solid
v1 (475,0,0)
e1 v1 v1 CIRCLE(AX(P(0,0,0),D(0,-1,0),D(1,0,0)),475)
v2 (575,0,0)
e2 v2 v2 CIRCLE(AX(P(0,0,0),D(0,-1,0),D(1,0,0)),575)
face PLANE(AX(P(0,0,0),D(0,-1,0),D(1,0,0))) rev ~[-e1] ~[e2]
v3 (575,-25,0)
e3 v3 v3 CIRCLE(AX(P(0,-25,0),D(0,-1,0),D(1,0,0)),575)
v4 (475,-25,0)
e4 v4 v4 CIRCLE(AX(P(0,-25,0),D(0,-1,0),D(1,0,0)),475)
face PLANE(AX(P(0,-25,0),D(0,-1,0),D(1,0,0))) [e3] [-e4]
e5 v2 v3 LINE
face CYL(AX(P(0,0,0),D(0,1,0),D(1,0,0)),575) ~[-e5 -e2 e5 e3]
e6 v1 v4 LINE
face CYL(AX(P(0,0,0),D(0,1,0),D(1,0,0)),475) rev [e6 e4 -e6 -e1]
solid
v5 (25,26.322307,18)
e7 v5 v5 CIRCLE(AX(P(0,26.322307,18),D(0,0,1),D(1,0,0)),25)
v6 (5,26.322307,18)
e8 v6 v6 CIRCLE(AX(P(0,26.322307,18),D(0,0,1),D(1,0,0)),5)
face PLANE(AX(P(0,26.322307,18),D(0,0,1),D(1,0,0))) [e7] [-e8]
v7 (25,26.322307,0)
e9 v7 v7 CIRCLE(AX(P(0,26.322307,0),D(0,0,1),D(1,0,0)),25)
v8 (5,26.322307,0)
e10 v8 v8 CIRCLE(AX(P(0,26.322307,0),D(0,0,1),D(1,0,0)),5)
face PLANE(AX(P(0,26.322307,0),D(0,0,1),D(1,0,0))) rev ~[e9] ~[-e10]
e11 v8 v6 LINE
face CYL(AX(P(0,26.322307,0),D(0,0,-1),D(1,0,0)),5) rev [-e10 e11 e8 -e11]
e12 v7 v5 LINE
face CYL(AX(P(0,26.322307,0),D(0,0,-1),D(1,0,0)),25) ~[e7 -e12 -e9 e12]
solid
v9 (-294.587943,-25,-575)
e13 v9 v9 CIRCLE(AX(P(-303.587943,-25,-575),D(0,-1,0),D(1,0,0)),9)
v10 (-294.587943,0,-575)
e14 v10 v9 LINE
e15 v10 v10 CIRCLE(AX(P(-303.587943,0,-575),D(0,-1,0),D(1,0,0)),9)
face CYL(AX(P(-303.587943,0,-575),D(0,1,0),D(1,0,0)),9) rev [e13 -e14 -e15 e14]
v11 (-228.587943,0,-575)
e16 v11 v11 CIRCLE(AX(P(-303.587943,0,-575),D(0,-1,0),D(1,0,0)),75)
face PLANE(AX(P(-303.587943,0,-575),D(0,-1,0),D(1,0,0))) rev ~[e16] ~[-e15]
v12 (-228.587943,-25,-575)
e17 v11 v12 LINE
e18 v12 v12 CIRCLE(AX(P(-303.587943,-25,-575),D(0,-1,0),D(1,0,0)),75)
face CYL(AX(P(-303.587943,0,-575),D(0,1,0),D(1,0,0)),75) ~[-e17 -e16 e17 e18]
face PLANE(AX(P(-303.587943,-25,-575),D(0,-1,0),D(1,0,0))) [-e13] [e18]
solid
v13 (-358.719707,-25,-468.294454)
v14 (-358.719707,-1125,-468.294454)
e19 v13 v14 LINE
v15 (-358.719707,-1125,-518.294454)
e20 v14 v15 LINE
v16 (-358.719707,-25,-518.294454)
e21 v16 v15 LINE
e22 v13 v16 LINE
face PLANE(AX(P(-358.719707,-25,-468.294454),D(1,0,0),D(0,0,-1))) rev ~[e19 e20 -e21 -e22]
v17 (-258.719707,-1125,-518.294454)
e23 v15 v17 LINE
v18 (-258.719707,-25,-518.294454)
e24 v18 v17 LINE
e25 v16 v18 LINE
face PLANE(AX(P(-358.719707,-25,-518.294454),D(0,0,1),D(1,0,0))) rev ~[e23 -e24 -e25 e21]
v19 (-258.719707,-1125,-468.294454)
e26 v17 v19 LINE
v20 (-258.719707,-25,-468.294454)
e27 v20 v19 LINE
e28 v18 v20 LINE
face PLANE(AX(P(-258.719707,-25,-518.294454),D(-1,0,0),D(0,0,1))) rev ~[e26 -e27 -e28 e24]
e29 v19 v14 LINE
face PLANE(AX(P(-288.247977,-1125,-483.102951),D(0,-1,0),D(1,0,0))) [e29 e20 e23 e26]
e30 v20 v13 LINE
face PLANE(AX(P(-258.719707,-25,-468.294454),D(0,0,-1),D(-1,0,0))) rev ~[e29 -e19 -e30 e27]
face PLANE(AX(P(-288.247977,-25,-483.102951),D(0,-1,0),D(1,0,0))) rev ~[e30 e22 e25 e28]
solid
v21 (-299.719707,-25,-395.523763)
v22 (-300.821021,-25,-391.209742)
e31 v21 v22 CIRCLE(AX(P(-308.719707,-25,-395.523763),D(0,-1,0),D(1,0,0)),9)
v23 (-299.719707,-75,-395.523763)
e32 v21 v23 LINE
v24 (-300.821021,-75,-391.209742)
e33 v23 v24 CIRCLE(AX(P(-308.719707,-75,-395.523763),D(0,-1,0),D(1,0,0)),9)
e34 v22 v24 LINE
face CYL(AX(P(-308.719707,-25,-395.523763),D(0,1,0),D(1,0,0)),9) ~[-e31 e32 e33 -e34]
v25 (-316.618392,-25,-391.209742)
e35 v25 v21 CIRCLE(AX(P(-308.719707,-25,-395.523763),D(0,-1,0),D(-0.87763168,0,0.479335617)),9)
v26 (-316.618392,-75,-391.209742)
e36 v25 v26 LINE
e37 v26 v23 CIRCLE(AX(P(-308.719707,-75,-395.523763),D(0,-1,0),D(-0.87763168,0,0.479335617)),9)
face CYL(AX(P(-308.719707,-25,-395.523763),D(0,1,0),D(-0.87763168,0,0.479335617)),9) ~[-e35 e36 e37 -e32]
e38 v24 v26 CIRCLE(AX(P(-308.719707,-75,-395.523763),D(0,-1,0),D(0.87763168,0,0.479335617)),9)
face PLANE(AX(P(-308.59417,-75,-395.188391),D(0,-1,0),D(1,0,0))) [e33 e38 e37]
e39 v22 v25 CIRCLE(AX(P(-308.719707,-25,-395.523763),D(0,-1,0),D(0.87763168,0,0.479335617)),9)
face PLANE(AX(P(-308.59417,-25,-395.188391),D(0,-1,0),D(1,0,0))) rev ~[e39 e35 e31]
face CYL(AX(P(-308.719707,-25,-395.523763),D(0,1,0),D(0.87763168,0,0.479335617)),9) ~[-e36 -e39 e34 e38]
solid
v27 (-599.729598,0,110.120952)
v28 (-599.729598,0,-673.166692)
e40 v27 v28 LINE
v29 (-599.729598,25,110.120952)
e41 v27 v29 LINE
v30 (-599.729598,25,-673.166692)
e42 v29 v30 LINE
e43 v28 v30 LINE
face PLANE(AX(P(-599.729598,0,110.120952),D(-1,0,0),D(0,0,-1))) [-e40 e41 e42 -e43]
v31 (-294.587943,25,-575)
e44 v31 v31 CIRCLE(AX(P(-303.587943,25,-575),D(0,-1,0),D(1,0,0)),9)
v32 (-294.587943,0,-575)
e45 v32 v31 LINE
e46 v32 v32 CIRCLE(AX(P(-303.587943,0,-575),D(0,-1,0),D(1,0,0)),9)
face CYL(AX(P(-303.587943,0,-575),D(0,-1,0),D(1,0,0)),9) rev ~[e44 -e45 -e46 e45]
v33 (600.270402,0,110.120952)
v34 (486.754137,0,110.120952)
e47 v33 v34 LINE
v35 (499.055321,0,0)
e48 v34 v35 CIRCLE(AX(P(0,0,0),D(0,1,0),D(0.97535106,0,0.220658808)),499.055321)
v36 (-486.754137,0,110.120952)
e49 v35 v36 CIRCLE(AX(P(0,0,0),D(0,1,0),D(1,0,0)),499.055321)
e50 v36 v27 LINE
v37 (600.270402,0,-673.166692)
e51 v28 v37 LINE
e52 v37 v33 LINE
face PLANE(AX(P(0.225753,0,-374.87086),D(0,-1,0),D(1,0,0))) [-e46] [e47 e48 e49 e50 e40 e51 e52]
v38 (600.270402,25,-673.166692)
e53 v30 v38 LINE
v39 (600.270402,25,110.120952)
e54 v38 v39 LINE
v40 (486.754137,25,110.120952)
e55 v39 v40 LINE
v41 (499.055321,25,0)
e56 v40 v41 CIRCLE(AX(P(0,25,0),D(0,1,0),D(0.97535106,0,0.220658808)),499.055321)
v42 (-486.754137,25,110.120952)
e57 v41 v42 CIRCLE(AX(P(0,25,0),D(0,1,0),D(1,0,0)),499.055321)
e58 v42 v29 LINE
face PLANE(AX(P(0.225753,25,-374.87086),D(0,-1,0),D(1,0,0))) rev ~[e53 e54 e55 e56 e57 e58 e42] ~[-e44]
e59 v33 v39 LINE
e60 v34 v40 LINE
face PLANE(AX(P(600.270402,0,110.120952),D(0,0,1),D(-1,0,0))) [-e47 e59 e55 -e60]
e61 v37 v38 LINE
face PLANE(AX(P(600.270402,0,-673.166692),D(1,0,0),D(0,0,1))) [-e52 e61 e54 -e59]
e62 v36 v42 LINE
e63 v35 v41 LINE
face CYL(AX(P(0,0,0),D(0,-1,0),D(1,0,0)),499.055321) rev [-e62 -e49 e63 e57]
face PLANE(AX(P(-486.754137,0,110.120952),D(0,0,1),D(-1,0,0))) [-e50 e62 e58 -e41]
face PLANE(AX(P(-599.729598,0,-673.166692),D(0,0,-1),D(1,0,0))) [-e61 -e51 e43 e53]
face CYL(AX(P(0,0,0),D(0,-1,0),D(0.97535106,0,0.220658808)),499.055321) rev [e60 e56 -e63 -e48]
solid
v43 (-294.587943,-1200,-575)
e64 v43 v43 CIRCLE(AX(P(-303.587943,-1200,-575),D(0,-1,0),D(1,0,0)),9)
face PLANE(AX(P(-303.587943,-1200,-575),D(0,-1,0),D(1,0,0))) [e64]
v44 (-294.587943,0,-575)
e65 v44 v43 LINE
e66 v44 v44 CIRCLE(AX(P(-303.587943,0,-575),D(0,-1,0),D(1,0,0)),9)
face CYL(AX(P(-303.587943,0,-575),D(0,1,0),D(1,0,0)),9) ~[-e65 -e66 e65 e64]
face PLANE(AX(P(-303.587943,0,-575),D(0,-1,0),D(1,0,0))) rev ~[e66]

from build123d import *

# Parameters (mm, degrees)
F0_R     = 575
F0_R_2   = 475
F1_DEPTH = 25
F0_R_3   = 75
F0_R_4   = 9
F2_DEPTH = 1200
F3_R     = 25
F3_R_2   = 5
F4_DEPTH = 18
F5_R     = 75
F5_R_2   = 9
F6_DEPTH = 25
F8_DEPTH = 50
F9_DEPTH = 1100


with BuildPart() as f1:
    # F0 (on Front) → F1 (new body)
    with BuildSketch(Plane.XZ):
        Circle(F0_R)
        Circle(F0_R_2, mode=Mode.SUBTRACT)
    extrude(amount=F1_DEPTH)


with BuildPart() as f1b:
    # F0 (on Front) → F1, piece 2 (new body)
    with BuildSketch(Plane.XZ):
        with Locations((-303.5879433155, -575)):
            Circle(F0_R_3)
        with Locations((-303.5879433155, -575)):
            Circle(F0_R_4, mode=Mode.SUBTRACT)
    extrude(amount=F1_DEPTH)


with BuildPart() as f2:
    # F0 (on Front) → F2 (new body)
    with BuildSketch(Plane.XZ):
        with Locations((-303.5879433155, -575)):
            Circle(F0_R_4)
    extrude(amount=F2_DEPTH)


with BuildPart() as f4:
    # F3 (on Top) → F4 (new body)
    with BuildSketch(Plane.XY):
        with Locations((0, 26.3223070651)):
            Circle(F3_R)
        with Locations((0, 26.3223070651)):
            Circle(F3_R_2, mode=Mode.SUBTRACT)
    extrude(amount=F4_DEPTH)


with BuildPart() as f6:
    # F5 (on Front) → F6 (new body)
    with BuildSketch(Plane.XZ):
        with BuildLine():
            ThreePointArc((564.3566034894, 110.1209521294), (572.3329655919, 55.3170543033), (575, 0))
            ThreePointArc((575, 0), (-55.3170543033, -572.3329655919), (-564.3566034894, 110.1209521294))
            Line((-564.3566034894, 110.1209521294), (-599.7295975685, 110.1209521294))
            Line((-599.7295975685, 110.1209521294), (-599.7295975685, -673.1666922569))
            Line((-599.7295975685, -673.1666922569), (600.2704024315, -673.1666922569))
            Line((600.2704024315, -673.1666922569), (600.2704024315, 110.1209521294))
            Line((600.2704024315, 110.1209521294), (564.3566034894, 110.1209521294))
        make_face()
        with Locations((-303.5879433155, -575)):
            Circle(F5_R, mode=Mode.SUBTRACT)
        with BuildLine():
            ThreePointArc((-564.3566034894, 110.1209521294), (-55.3170543033, -572.3329655919), (575, 0))
            ThreePointArc((575, 0), (572.3329655919, 55.3170543033), (564.3566034894, 110.1209521294))
            Line((564.3566034894, 110.1209521294), (486.7541368029, 110.1209521294))
            ThreePointArc((486.7541368029, 110.1209521294), (495.9704910403, 55.4029404449), (499.0553213749, 0))
            ThreePointArc((499.0553213749, 0), (-55.4029404449, -495.9704910403), (-486.7541368029, 110.1209521294))
            Line((-486.7541368029, 110.1209521294), (-564.3566034894, 110.1209521294))
        make_face()
        with Locations((-303.5879433155, -575)):
            Circle(F5_R)
        with Locations((-303.5879433155, -575)):
            Circle(F5_R_2, mode=Mode.SUBTRACT)
    extrude(amount=-F6_DEPTH)


with BuildPart() as f8:
    # F7 (on face) → F8 (new body)
    with BuildSketch(Plane.XZ.offset(25)):
        with BuildLine():
            ThreePointArc((-316.6183916588, -391.2097421513), (-310.9458954187, -404.2440885601), (-299.7197065353, -395.5237627029))
            ThreePointArc((-299.7197065353, -395.5237627029), (-299.9993806781, -393.2975738196), (-300.8210214118, -391.2097421513))
            ThreePointArc((-300.8210214118, -391.2097421513), (-308.7197065353, -386.5237627029), (-316.6183916588, -391.2097421513))
        make_face()
    extrude(amount=F8_DEPTH)


with BuildPart() as f9:
    # F7 (on face) → F9 (new body)
    with BuildSketch(Plane.XZ.offset(25)):
        with BuildLine():
            Line((-258.7197065353, -513.5066829655), (-258.7197065353, -468.2944536209))
            Line((-258.7197065353, -468.2944536209), (-333.6544690363, -468.2944536209))
            ThreePointArc((-333.6544690363, -468.2944536209), (-297.0485269979, -492.3283179022), (-258.7197065354, -513.5066829655))
        make_face()
        with BuildLine():
            ThreePointArc((-258.7197065354, -513.5066829655), (-297.0485269979, -492.3283179022), (-333.6544690363, -468.2944536209))
            Line((-333.6544690363, -468.2944536209), (-358.7197065353, -468.2944536209))
            Line((-358.7197065353, -468.2944536209), (-358.7197065353, -518.2944536209))
            Line((-358.7197065353, -518.2944536209), (-258.7197065353, -518.2944536209))
            Line((-258.7197065353, -518.2944536209), (-258.7197065353, -513.5066829655))
        make_face()
    extrude(amount=F9_DEPTH)


solid = Compound([f1.part, f1b.part, f2.part, f4.part, f6.part, f8.part, f9.part])
